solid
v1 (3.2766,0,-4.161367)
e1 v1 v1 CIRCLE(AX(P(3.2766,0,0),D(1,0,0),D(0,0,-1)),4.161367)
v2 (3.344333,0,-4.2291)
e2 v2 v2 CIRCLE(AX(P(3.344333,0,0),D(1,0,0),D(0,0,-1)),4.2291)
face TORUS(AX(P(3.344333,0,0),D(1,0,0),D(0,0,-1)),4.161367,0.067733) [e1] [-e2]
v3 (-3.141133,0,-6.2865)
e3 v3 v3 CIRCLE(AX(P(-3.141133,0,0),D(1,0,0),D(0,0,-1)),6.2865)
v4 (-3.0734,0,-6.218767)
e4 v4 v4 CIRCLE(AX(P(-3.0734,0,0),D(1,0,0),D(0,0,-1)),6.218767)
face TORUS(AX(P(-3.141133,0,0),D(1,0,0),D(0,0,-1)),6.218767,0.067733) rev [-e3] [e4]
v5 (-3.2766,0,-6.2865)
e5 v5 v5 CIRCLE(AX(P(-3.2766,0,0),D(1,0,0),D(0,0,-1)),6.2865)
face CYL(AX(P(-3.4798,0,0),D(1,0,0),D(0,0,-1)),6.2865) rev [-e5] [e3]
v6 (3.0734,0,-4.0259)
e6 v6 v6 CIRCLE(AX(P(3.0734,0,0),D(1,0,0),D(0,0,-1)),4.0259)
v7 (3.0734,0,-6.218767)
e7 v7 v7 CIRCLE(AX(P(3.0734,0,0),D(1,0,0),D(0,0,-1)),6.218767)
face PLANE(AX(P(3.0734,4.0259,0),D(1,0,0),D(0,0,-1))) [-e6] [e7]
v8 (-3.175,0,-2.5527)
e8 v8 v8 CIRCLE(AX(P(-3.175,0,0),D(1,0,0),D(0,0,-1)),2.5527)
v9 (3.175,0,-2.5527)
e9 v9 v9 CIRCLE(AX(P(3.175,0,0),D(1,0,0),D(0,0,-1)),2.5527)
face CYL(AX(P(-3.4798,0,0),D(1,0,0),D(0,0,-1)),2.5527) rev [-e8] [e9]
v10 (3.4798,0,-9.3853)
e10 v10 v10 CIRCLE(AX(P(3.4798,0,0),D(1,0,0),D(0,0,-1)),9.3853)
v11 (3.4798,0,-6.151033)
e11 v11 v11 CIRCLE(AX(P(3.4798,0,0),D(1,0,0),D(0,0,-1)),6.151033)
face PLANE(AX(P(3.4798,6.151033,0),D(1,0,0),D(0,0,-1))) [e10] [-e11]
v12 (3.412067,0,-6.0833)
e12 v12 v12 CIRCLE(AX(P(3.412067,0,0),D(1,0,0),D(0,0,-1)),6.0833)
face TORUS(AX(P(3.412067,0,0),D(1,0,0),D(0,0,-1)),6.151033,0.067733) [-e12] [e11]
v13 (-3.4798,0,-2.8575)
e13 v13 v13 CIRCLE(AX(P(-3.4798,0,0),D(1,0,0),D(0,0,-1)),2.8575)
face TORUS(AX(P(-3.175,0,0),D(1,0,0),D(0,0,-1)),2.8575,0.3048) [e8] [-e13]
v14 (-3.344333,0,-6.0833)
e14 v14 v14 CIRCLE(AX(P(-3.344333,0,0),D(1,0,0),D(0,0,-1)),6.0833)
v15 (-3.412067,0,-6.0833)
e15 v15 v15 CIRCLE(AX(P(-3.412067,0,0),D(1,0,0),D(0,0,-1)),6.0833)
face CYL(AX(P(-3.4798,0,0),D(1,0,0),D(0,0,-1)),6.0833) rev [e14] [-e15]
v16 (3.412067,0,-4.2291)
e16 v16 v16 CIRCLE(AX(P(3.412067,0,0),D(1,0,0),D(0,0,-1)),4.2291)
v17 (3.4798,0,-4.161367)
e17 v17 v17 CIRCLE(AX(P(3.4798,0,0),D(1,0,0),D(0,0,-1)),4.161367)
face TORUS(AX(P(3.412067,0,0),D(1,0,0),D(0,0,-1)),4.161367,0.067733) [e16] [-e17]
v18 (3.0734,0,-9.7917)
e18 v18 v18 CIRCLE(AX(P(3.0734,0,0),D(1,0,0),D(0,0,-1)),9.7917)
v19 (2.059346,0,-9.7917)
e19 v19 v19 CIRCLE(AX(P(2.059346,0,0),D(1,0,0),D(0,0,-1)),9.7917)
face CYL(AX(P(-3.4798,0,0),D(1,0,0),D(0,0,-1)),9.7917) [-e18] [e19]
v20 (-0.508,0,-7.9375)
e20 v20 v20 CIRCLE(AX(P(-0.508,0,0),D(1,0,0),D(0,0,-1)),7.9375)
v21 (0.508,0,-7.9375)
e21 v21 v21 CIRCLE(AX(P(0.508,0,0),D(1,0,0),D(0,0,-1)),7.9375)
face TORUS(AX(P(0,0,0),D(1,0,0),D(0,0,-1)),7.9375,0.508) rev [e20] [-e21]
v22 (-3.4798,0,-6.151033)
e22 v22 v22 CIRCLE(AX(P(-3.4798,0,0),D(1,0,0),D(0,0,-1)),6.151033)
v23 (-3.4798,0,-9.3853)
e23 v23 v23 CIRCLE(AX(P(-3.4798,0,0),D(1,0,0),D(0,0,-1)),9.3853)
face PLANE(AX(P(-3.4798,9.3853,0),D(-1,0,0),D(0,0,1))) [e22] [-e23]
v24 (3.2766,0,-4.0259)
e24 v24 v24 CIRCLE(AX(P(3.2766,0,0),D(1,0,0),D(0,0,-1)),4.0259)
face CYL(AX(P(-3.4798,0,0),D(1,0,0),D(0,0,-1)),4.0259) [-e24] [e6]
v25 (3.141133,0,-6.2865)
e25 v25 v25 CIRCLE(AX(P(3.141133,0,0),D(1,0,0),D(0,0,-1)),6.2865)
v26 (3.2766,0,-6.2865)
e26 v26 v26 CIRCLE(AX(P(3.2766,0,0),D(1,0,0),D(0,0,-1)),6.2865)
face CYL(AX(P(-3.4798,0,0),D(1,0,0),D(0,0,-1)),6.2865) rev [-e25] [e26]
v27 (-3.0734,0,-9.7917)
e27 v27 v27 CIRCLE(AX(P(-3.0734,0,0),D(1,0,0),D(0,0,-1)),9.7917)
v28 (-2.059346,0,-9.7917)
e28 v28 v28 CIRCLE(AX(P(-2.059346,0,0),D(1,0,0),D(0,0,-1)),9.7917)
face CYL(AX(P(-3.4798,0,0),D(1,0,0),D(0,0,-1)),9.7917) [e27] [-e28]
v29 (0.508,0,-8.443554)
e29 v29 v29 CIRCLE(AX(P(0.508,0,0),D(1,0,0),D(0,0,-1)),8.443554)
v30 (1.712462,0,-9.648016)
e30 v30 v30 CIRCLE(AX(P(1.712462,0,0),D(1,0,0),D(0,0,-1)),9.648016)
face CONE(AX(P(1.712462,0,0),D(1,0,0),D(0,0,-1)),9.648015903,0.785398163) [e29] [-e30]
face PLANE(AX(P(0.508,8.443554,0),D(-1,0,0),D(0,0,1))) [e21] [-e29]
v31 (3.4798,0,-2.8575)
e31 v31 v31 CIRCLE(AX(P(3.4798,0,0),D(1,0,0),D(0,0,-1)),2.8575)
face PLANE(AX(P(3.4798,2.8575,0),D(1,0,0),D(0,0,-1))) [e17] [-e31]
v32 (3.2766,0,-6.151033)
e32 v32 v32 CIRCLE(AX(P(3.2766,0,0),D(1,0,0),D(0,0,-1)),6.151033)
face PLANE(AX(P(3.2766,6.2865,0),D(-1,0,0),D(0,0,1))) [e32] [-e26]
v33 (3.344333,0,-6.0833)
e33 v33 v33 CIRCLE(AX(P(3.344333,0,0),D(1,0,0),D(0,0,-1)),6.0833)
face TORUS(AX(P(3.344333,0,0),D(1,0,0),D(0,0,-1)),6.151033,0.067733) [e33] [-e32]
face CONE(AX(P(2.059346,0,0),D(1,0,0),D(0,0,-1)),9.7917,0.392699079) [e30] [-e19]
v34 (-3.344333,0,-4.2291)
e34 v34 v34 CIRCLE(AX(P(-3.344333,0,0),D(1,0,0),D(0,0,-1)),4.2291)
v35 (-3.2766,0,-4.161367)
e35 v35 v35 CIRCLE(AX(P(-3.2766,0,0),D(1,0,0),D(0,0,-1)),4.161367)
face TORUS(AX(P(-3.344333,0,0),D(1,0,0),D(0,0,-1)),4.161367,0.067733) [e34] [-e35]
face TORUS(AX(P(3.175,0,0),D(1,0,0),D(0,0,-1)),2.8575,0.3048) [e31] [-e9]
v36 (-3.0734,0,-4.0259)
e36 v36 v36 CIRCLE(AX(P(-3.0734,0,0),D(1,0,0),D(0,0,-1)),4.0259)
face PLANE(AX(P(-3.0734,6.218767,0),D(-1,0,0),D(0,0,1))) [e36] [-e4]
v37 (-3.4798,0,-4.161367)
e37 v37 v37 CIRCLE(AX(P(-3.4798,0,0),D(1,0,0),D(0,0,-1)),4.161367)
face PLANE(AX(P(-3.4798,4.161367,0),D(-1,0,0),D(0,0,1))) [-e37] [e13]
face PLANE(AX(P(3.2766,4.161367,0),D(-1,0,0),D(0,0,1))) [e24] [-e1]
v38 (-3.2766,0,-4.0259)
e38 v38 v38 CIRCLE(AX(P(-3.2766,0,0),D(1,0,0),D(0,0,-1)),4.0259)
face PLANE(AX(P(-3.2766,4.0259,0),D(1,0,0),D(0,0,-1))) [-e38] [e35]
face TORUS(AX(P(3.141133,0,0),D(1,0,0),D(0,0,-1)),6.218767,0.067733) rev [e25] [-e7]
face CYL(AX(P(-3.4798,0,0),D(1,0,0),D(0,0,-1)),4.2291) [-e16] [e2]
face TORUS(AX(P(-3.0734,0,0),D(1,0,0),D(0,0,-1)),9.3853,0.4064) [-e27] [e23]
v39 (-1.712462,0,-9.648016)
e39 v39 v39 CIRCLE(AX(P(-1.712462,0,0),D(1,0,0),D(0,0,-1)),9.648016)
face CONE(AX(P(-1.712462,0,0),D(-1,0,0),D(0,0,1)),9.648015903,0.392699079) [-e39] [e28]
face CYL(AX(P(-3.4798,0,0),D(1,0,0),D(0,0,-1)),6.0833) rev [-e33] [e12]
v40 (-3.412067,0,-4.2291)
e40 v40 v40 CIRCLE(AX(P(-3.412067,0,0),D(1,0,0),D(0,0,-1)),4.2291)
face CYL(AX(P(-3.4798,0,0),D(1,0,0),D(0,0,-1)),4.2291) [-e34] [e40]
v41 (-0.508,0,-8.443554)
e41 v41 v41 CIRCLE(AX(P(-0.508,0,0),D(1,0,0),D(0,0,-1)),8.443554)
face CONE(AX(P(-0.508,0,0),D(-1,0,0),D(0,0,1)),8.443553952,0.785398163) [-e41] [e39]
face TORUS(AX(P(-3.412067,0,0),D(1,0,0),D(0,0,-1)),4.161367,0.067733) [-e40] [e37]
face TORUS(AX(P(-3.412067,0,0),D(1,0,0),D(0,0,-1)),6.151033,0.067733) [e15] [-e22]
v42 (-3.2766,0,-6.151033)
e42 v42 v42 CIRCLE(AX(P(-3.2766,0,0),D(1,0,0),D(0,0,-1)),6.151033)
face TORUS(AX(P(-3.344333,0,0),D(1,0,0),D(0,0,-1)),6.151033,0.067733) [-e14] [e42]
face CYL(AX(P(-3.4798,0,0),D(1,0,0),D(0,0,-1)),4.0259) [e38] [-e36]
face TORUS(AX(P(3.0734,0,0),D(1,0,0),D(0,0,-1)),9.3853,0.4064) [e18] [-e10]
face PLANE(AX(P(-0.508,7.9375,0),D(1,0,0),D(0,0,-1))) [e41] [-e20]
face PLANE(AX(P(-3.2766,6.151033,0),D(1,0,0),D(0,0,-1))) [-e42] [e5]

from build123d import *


with BuildPart() as part:
    # Sketch1 → Revolve1 (revolve)
    with BuildSketch(Plane.XY, mode=Mode.PRIVATE) as revolve1_sk:
        with BuildLine():
            Line((-3.4798, 4.161366666), (-3.4798, 2.8575))
            ThreePointArc((-3.4798, 2.8575), (-3.390526147, 2.641973853), (-3.175, 2.5527))
            Line((-3.175, 2.5527), (3.175, 2.5527))
            ThreePointArc((3.175, 2.5527), (3.390526147, 2.641973853), (3.4798, 2.8575))
            Line((3.4798, 2.8575), (3.4798, 4.161366666))
            ThreePointArc((3.4798, 4.161366666), (3.459961366, 4.209261365), (3.412066666, 4.2291))
            Line((3.412066666, 4.2291), (3.344333334, 4.2291))
            ThreePointArc((3.344333334, 4.2291), (3.296438634, 4.209261365), (3.2766, 4.161366666))
            Line((3.2766, 4.161366666), (3.2766, 4.0259))
            Line((3.2766, 4.0259), (3.0734, 4.0259))
            Line((3.0734, 4.0259), (3.0734, 6.218766666))
            ThreePointArc((3.0734, 6.218766666), (3.093238635, 6.266661366), (3.141133334, 6.2865))
            Line((3.141133334, 6.2865), (3.2766, 6.2865))
            Line((3.2766, 6.2865), (3.2766, 6.151033334))
            ThreePointArc((3.2766, 6.151033334), (3.296438634, 6.103138634), (3.344333334, 6.0833))
            Line((3.344333334, 6.0833), (3.412066666, 6.0833))
            ThreePointArc((3.412066666, 6.0833), (3.459961366, 6.103138634), (3.4798, 6.151033334))
            Line((3.4798, 6.151033334), (3.4798, 9.3853))
            ThreePointArc((3.4798, 9.3853), (3.360768196, 9.672668196), (3.0734, 9.7917))
            Line((3.0734, 9.7917), (2.059346048, 9.7917))
            Line((2.059346048, 9.7917), (1.71246195, 9.648015903))
            Line((1.71246195, 9.648015903), (0.507999999, 8.443553952))
            Line((0.507999999, 8.443553952), (0.507999999, 7.937500001))
            ThreePointArc((0.507999999, 7.937500001), (0, 7.429500002), (-0.507999999, 7.937500001))
            Line((-0.507999999, 7.937500001), (-0.507999999, 8.443553952))
            Line((-0.507999999, 8.443553952), (-1.71246195, 9.648015903))
            Line((-1.71246195, 9.648015903), (-2.059346048, 9.7917))
            Line((-2.059346048, 9.7917), (-3.0734, 9.7917))
            ThreePointArc((-3.0734, 9.7917), (-3.360768196, 9.672668196), (-3.4798, 9.3853))
            Line((-3.4798, 9.3853), (-3.4798, 6.151033334))
            ThreePointArc((-3.4798, 6.151033334), (-3.459961366, 6.103138634), (-3.412066666, 6.0833))
            Line((-3.412066666, 6.0833), (-3.344333333, 6.0833))
            ThreePointArc((-3.344333333, 6.0833), (-3.296438633, 6.103138634), (-3.276599999, 6.151033334))
            Line((-3.276599999, 6.151033334), (-3.276599999, 6.2865))
            Line((-3.276599999, 6.2865), (-3.141133332, 6.2865))
            ThreePointArc((-3.141133332, 6.2865), (-3.093238633, 6.266661366), (-3.073399999, 6.218766666))
            Line((-3.073399999, 6.218766666), (-3.073399999, 4.0259))
            Line((-3.073399999, 4.0259), (-3.276599999, 4.0259))
            Line((-3.276599999, 4.0259), (-3.276599999, 4.161366666))
            ThreePointArc((-3.276599999, 4.161366666), (-3.296438633, 4.209261365), (-3.344333333, 4.2291))
            Line((-3.344333333, 4.2291), (-3.412066666, 4.2291))
            ThreePointArc((-3.412066666, 4.2291), (-3.459961366, 4.209261365), (-3.4798, 4.161366666))
        make_face()
    revolve(revolve1_sk.sketch.rotate(Axis((-3.479800001, 0, 0), (1, 0, 0)), 270), axis=Axis((-3.479800001, 0, 0), (1, 0, 0)))


solid = part.part
